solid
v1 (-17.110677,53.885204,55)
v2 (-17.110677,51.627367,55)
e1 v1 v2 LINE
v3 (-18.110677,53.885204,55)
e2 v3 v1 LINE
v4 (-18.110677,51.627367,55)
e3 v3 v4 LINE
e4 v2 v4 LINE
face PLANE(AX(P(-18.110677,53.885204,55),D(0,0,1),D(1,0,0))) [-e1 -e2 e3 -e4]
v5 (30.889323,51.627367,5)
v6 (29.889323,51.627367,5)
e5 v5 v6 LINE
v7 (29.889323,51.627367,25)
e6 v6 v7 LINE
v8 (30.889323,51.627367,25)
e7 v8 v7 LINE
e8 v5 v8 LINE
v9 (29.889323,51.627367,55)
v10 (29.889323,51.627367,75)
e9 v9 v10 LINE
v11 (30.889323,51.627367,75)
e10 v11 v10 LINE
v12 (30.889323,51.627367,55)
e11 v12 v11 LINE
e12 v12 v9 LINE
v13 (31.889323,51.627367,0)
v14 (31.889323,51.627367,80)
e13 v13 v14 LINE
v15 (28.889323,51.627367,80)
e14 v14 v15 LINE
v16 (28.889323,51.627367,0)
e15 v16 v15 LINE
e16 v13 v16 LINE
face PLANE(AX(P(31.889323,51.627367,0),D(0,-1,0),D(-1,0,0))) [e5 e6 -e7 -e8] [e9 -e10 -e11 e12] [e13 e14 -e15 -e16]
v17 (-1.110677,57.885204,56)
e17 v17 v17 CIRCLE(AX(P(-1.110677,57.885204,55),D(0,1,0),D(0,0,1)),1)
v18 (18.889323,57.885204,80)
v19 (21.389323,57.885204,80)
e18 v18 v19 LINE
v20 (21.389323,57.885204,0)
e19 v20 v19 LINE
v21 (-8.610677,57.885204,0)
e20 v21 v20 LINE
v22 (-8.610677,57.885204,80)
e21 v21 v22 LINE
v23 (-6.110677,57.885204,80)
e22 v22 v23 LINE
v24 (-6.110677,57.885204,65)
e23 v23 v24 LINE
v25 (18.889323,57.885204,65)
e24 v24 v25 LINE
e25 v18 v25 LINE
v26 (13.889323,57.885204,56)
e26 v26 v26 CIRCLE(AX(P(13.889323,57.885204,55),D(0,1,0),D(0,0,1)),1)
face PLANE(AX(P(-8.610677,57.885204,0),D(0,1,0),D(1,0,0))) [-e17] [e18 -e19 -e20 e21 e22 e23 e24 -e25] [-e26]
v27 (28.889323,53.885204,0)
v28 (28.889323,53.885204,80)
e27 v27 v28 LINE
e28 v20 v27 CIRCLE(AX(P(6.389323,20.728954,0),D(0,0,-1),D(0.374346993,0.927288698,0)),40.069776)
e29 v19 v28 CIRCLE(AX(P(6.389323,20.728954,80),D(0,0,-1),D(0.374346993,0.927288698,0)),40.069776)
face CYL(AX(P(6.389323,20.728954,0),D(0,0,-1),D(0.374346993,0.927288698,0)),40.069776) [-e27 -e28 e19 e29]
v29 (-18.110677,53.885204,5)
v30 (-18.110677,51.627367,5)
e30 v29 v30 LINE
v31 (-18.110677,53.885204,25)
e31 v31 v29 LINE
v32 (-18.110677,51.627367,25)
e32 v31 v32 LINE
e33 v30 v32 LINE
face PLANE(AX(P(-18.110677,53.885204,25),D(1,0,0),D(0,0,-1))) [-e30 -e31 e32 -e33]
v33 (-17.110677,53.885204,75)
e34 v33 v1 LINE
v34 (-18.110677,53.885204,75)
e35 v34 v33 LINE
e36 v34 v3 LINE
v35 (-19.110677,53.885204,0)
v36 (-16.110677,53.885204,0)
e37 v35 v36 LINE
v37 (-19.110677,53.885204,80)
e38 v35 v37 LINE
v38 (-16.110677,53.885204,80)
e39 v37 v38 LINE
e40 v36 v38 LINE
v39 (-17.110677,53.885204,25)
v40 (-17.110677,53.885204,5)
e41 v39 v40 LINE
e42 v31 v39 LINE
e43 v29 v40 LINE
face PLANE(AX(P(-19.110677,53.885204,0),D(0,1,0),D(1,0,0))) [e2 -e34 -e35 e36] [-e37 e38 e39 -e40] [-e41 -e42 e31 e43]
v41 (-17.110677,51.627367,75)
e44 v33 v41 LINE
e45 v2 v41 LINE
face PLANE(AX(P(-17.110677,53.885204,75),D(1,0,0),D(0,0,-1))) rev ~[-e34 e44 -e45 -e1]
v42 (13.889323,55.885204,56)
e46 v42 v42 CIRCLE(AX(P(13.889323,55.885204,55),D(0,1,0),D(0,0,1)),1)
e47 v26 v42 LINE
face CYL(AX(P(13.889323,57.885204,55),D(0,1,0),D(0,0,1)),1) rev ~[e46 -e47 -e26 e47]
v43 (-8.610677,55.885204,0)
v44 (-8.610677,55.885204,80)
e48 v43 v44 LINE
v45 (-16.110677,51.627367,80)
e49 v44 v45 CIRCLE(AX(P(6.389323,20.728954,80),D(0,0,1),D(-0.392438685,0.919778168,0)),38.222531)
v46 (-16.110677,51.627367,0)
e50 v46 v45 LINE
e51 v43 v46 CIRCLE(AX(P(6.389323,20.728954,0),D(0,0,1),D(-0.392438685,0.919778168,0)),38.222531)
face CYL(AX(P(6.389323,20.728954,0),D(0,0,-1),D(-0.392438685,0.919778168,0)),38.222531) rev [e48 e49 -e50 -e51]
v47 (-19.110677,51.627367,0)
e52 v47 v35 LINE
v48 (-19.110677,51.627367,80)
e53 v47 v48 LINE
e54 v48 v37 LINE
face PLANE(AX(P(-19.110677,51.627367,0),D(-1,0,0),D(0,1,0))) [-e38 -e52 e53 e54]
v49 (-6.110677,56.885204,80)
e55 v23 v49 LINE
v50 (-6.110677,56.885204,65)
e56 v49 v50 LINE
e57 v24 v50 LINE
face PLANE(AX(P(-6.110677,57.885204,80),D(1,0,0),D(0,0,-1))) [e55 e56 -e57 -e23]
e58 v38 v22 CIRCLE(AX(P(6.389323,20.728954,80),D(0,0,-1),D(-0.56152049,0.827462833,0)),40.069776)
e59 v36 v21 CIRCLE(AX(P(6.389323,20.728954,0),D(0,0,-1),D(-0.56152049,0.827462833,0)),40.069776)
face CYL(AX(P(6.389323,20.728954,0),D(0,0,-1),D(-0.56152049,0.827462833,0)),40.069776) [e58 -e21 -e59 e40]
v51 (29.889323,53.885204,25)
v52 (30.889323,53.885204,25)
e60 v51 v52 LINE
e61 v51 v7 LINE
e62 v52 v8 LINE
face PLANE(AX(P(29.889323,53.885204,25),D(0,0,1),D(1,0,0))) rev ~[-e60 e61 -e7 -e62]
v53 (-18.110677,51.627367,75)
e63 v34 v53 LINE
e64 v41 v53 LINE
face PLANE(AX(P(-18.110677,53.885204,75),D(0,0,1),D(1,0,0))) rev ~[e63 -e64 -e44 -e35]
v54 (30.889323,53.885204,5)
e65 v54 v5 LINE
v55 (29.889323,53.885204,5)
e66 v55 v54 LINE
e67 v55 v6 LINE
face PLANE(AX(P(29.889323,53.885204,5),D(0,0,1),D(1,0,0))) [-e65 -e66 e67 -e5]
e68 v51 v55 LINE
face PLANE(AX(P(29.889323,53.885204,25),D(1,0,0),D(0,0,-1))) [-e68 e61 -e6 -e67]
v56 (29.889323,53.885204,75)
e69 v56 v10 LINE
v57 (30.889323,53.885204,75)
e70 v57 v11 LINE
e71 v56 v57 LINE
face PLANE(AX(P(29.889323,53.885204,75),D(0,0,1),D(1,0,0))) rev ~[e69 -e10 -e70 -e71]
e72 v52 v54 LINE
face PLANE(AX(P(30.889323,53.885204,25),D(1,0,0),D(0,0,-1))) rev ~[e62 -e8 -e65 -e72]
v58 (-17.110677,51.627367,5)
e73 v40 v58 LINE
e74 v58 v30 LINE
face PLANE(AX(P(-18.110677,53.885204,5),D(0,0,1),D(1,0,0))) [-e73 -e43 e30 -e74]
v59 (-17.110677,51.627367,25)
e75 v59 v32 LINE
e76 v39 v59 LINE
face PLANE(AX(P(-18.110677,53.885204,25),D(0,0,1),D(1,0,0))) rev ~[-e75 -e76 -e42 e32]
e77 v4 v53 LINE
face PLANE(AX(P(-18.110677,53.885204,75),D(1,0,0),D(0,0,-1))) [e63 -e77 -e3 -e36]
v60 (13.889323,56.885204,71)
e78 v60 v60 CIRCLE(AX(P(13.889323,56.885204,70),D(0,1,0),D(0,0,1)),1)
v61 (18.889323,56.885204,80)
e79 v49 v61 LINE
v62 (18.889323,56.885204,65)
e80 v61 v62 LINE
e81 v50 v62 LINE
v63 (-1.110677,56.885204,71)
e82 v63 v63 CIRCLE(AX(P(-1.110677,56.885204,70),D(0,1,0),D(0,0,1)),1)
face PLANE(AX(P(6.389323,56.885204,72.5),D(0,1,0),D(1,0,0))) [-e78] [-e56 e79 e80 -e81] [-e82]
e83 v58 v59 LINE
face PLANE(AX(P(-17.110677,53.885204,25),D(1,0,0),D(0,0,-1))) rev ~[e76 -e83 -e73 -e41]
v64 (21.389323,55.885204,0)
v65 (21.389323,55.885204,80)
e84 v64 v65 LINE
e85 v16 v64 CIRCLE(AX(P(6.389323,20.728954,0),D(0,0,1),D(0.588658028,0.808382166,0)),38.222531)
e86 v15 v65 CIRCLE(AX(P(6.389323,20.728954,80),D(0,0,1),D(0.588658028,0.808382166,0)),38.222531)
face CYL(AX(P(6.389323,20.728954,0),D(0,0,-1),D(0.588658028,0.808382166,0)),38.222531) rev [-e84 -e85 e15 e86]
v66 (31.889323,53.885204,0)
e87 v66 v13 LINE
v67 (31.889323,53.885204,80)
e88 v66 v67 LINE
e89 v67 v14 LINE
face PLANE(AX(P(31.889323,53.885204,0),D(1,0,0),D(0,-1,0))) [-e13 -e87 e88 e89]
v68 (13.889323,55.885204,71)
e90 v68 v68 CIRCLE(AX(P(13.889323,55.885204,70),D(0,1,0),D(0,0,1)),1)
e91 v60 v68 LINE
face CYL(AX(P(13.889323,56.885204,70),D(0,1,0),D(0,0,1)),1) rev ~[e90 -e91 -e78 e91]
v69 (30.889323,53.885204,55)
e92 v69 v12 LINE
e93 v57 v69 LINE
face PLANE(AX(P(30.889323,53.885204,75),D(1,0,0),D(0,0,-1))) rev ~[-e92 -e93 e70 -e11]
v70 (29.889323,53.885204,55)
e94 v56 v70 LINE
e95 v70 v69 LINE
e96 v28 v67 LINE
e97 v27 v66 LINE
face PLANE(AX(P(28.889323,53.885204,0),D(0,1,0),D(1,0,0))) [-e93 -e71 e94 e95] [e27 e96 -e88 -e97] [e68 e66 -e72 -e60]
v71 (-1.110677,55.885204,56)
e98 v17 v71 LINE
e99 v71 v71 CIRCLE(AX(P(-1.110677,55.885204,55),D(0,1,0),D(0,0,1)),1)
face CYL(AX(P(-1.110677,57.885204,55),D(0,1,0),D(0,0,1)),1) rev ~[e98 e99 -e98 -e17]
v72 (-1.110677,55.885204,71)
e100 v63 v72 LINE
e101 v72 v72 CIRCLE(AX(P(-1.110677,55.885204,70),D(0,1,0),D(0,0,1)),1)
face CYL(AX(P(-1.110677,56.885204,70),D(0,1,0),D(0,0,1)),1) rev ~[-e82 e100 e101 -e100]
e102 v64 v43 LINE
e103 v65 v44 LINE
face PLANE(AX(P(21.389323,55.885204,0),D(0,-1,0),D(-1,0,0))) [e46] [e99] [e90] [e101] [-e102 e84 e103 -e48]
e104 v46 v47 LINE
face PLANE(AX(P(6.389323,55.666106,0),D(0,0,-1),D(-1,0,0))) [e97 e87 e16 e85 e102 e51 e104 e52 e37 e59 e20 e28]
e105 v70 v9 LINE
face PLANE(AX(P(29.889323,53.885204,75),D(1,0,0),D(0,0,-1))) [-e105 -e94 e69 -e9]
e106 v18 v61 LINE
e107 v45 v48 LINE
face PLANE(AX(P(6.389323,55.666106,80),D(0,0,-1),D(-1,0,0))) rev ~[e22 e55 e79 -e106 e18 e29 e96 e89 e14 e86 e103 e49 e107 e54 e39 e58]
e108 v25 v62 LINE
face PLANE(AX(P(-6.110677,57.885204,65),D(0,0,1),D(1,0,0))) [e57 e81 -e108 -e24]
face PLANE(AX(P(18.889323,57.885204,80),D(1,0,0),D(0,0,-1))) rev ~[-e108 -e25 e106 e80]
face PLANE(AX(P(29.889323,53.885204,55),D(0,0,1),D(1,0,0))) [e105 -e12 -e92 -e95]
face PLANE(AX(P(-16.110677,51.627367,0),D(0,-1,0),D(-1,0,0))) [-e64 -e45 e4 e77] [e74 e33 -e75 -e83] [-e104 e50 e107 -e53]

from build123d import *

# Parameters (mm, degrees)
BOSS_EXTRUDE1_DEPTH = 80
SKETCH8_W           = 25
SKETCH8_H           = 15
CUT_EXTRUDE2_DEPTH  = 1
SKETCH9_R           = 1
CUT_EXTRUDE3_DEPTH  = 1
SKETCH12_W          = 1
SKETCH12_H          = 20
CUT_EXTRUDE4_DEPTH  = 4.69
SKETCH13_R          = 1
CUT_EXTRUDE5_DEPTH  = 4.69


with BuildPart() as part:
    # Sketch4 → Boss-Extrude1 (new body)
    with BuildSketch(Plane.XY):
        with BuildLine():
            Line((-19.110677356, 53.885203774), (-16.110677356, 53.885203774))
            ThreePointArc((-16.110677356, 53.885203774), (-12.467042329, 56.084638099), (-8.610677356, 57.885203774))
            Line((-8.610677356, 57.885203774), (21.389322644, 57.885203774))
            ThreePointArc((21.389322644, 57.885203774), (25.245687617, 56.084638099), (28.889322644, 53.885203774))
            Line((28.889322644, 53.885203774), (31.889322644, 53.885203774))
            Line((31.889322644, 53.885203774), (31.889322644, 51.627366583))
            Line((31.889322644, 51.627366583), (28.889322644, 51.627366583))
            ThreePointArc((28.889322644, 51.627366583), (25.259796787, 53.968495283), (21.389322644, 55.885203774))
            Line((21.389322644, 55.885203774), (-8.610677356, 55.885203774))
            ThreePointArc((-8.610677356, 55.885203774), (-12.481151499, 53.968495283), (-16.110677356, 51.627366583))
            Line((-16.110677356, 51.627366583), (-19.110677356, 51.627366583))
            Line((-19.110677356, 51.627366583), (-19.110677356, 53.885203774))
        make_face()
    extrude(amount=BOSS_EXTRUDE1_DEPTH)

    # Sketch8 → Cut-Extrude2 (cut)
    with BuildSketch(Plane(origin=(0, 57.885203774, 0), x_dir=(1, 0, 0), z_dir=(0, 1, 0))):
        with Locations((6.389322644, -72.5)):
            Rectangle(SKETCH8_W, SKETCH8_H)
    extrude(amount=-CUT_EXTRUDE2_DEPTH, mode=Mode.SUBTRACT)

    # Sketch9 → Cut-Extrude3 (cut)
    with BuildSketch(Plane(origin=(0, 56.885203774, 0), x_dir=(1, 0, 0), z_dir=(0, 1, 0))):
        with Locations(Location((-1.110677356, -70, 0), (0, 0, 270))):
            Circle(SKETCH9_R)
        with Locations(Location((13.889322644, -70, 0), (0, 0, 270))):
            Circle(SKETCH9_R)
    extrude(amount=-CUT_EXTRUDE3_DEPTH, mode=Mode.SUBTRACT)

    # Sketch12 → Cut-Extrude4 (cut)
    with BuildSketch(Plane(origin=(0, 53.885203774, 0), x_dir=(1, 0, 0), z_dir=(0, 1, 0))):
        with Locations((-17.610677356, -15)):
            Rectangle(SKETCH12_W, SKETCH12_H)
        with Locations((-17.610677356, -65)):
            Rectangle(SKETCH12_W, SKETCH12_H)
        with Locations((30.389322644, -15)):
            Rectangle(SKETCH12_W, SKETCH12_H)
        with Locations((30.389322644, -65)):
            Rectangle(SKETCH12_W, SKETCH12_H)
    extrude(amount=-CUT_EXTRUDE4_DEPTH, mode=Mode.SUBTRACT)

    # Sketch13 → Cut-Extrude5 (cut)
    with BuildSketch(Plane(origin=(0, 57.885203774, 0), x_dir=(1, 0, 0), z_dir=(0, 1, 0))):
        with Locations(Location((-1.110677356, -55, 0), (0, 0, 270))):
            Circle(SKETCH13_R)
        with Locations(Location((13.889322644, -55, 0), (0, 0, 270))):
            Circle(SKETCH13_R)
    extrude(amount=-CUT_EXTRUDE5_DEPTH, mode=Mode.SUBTRACT)


solid = part.part
